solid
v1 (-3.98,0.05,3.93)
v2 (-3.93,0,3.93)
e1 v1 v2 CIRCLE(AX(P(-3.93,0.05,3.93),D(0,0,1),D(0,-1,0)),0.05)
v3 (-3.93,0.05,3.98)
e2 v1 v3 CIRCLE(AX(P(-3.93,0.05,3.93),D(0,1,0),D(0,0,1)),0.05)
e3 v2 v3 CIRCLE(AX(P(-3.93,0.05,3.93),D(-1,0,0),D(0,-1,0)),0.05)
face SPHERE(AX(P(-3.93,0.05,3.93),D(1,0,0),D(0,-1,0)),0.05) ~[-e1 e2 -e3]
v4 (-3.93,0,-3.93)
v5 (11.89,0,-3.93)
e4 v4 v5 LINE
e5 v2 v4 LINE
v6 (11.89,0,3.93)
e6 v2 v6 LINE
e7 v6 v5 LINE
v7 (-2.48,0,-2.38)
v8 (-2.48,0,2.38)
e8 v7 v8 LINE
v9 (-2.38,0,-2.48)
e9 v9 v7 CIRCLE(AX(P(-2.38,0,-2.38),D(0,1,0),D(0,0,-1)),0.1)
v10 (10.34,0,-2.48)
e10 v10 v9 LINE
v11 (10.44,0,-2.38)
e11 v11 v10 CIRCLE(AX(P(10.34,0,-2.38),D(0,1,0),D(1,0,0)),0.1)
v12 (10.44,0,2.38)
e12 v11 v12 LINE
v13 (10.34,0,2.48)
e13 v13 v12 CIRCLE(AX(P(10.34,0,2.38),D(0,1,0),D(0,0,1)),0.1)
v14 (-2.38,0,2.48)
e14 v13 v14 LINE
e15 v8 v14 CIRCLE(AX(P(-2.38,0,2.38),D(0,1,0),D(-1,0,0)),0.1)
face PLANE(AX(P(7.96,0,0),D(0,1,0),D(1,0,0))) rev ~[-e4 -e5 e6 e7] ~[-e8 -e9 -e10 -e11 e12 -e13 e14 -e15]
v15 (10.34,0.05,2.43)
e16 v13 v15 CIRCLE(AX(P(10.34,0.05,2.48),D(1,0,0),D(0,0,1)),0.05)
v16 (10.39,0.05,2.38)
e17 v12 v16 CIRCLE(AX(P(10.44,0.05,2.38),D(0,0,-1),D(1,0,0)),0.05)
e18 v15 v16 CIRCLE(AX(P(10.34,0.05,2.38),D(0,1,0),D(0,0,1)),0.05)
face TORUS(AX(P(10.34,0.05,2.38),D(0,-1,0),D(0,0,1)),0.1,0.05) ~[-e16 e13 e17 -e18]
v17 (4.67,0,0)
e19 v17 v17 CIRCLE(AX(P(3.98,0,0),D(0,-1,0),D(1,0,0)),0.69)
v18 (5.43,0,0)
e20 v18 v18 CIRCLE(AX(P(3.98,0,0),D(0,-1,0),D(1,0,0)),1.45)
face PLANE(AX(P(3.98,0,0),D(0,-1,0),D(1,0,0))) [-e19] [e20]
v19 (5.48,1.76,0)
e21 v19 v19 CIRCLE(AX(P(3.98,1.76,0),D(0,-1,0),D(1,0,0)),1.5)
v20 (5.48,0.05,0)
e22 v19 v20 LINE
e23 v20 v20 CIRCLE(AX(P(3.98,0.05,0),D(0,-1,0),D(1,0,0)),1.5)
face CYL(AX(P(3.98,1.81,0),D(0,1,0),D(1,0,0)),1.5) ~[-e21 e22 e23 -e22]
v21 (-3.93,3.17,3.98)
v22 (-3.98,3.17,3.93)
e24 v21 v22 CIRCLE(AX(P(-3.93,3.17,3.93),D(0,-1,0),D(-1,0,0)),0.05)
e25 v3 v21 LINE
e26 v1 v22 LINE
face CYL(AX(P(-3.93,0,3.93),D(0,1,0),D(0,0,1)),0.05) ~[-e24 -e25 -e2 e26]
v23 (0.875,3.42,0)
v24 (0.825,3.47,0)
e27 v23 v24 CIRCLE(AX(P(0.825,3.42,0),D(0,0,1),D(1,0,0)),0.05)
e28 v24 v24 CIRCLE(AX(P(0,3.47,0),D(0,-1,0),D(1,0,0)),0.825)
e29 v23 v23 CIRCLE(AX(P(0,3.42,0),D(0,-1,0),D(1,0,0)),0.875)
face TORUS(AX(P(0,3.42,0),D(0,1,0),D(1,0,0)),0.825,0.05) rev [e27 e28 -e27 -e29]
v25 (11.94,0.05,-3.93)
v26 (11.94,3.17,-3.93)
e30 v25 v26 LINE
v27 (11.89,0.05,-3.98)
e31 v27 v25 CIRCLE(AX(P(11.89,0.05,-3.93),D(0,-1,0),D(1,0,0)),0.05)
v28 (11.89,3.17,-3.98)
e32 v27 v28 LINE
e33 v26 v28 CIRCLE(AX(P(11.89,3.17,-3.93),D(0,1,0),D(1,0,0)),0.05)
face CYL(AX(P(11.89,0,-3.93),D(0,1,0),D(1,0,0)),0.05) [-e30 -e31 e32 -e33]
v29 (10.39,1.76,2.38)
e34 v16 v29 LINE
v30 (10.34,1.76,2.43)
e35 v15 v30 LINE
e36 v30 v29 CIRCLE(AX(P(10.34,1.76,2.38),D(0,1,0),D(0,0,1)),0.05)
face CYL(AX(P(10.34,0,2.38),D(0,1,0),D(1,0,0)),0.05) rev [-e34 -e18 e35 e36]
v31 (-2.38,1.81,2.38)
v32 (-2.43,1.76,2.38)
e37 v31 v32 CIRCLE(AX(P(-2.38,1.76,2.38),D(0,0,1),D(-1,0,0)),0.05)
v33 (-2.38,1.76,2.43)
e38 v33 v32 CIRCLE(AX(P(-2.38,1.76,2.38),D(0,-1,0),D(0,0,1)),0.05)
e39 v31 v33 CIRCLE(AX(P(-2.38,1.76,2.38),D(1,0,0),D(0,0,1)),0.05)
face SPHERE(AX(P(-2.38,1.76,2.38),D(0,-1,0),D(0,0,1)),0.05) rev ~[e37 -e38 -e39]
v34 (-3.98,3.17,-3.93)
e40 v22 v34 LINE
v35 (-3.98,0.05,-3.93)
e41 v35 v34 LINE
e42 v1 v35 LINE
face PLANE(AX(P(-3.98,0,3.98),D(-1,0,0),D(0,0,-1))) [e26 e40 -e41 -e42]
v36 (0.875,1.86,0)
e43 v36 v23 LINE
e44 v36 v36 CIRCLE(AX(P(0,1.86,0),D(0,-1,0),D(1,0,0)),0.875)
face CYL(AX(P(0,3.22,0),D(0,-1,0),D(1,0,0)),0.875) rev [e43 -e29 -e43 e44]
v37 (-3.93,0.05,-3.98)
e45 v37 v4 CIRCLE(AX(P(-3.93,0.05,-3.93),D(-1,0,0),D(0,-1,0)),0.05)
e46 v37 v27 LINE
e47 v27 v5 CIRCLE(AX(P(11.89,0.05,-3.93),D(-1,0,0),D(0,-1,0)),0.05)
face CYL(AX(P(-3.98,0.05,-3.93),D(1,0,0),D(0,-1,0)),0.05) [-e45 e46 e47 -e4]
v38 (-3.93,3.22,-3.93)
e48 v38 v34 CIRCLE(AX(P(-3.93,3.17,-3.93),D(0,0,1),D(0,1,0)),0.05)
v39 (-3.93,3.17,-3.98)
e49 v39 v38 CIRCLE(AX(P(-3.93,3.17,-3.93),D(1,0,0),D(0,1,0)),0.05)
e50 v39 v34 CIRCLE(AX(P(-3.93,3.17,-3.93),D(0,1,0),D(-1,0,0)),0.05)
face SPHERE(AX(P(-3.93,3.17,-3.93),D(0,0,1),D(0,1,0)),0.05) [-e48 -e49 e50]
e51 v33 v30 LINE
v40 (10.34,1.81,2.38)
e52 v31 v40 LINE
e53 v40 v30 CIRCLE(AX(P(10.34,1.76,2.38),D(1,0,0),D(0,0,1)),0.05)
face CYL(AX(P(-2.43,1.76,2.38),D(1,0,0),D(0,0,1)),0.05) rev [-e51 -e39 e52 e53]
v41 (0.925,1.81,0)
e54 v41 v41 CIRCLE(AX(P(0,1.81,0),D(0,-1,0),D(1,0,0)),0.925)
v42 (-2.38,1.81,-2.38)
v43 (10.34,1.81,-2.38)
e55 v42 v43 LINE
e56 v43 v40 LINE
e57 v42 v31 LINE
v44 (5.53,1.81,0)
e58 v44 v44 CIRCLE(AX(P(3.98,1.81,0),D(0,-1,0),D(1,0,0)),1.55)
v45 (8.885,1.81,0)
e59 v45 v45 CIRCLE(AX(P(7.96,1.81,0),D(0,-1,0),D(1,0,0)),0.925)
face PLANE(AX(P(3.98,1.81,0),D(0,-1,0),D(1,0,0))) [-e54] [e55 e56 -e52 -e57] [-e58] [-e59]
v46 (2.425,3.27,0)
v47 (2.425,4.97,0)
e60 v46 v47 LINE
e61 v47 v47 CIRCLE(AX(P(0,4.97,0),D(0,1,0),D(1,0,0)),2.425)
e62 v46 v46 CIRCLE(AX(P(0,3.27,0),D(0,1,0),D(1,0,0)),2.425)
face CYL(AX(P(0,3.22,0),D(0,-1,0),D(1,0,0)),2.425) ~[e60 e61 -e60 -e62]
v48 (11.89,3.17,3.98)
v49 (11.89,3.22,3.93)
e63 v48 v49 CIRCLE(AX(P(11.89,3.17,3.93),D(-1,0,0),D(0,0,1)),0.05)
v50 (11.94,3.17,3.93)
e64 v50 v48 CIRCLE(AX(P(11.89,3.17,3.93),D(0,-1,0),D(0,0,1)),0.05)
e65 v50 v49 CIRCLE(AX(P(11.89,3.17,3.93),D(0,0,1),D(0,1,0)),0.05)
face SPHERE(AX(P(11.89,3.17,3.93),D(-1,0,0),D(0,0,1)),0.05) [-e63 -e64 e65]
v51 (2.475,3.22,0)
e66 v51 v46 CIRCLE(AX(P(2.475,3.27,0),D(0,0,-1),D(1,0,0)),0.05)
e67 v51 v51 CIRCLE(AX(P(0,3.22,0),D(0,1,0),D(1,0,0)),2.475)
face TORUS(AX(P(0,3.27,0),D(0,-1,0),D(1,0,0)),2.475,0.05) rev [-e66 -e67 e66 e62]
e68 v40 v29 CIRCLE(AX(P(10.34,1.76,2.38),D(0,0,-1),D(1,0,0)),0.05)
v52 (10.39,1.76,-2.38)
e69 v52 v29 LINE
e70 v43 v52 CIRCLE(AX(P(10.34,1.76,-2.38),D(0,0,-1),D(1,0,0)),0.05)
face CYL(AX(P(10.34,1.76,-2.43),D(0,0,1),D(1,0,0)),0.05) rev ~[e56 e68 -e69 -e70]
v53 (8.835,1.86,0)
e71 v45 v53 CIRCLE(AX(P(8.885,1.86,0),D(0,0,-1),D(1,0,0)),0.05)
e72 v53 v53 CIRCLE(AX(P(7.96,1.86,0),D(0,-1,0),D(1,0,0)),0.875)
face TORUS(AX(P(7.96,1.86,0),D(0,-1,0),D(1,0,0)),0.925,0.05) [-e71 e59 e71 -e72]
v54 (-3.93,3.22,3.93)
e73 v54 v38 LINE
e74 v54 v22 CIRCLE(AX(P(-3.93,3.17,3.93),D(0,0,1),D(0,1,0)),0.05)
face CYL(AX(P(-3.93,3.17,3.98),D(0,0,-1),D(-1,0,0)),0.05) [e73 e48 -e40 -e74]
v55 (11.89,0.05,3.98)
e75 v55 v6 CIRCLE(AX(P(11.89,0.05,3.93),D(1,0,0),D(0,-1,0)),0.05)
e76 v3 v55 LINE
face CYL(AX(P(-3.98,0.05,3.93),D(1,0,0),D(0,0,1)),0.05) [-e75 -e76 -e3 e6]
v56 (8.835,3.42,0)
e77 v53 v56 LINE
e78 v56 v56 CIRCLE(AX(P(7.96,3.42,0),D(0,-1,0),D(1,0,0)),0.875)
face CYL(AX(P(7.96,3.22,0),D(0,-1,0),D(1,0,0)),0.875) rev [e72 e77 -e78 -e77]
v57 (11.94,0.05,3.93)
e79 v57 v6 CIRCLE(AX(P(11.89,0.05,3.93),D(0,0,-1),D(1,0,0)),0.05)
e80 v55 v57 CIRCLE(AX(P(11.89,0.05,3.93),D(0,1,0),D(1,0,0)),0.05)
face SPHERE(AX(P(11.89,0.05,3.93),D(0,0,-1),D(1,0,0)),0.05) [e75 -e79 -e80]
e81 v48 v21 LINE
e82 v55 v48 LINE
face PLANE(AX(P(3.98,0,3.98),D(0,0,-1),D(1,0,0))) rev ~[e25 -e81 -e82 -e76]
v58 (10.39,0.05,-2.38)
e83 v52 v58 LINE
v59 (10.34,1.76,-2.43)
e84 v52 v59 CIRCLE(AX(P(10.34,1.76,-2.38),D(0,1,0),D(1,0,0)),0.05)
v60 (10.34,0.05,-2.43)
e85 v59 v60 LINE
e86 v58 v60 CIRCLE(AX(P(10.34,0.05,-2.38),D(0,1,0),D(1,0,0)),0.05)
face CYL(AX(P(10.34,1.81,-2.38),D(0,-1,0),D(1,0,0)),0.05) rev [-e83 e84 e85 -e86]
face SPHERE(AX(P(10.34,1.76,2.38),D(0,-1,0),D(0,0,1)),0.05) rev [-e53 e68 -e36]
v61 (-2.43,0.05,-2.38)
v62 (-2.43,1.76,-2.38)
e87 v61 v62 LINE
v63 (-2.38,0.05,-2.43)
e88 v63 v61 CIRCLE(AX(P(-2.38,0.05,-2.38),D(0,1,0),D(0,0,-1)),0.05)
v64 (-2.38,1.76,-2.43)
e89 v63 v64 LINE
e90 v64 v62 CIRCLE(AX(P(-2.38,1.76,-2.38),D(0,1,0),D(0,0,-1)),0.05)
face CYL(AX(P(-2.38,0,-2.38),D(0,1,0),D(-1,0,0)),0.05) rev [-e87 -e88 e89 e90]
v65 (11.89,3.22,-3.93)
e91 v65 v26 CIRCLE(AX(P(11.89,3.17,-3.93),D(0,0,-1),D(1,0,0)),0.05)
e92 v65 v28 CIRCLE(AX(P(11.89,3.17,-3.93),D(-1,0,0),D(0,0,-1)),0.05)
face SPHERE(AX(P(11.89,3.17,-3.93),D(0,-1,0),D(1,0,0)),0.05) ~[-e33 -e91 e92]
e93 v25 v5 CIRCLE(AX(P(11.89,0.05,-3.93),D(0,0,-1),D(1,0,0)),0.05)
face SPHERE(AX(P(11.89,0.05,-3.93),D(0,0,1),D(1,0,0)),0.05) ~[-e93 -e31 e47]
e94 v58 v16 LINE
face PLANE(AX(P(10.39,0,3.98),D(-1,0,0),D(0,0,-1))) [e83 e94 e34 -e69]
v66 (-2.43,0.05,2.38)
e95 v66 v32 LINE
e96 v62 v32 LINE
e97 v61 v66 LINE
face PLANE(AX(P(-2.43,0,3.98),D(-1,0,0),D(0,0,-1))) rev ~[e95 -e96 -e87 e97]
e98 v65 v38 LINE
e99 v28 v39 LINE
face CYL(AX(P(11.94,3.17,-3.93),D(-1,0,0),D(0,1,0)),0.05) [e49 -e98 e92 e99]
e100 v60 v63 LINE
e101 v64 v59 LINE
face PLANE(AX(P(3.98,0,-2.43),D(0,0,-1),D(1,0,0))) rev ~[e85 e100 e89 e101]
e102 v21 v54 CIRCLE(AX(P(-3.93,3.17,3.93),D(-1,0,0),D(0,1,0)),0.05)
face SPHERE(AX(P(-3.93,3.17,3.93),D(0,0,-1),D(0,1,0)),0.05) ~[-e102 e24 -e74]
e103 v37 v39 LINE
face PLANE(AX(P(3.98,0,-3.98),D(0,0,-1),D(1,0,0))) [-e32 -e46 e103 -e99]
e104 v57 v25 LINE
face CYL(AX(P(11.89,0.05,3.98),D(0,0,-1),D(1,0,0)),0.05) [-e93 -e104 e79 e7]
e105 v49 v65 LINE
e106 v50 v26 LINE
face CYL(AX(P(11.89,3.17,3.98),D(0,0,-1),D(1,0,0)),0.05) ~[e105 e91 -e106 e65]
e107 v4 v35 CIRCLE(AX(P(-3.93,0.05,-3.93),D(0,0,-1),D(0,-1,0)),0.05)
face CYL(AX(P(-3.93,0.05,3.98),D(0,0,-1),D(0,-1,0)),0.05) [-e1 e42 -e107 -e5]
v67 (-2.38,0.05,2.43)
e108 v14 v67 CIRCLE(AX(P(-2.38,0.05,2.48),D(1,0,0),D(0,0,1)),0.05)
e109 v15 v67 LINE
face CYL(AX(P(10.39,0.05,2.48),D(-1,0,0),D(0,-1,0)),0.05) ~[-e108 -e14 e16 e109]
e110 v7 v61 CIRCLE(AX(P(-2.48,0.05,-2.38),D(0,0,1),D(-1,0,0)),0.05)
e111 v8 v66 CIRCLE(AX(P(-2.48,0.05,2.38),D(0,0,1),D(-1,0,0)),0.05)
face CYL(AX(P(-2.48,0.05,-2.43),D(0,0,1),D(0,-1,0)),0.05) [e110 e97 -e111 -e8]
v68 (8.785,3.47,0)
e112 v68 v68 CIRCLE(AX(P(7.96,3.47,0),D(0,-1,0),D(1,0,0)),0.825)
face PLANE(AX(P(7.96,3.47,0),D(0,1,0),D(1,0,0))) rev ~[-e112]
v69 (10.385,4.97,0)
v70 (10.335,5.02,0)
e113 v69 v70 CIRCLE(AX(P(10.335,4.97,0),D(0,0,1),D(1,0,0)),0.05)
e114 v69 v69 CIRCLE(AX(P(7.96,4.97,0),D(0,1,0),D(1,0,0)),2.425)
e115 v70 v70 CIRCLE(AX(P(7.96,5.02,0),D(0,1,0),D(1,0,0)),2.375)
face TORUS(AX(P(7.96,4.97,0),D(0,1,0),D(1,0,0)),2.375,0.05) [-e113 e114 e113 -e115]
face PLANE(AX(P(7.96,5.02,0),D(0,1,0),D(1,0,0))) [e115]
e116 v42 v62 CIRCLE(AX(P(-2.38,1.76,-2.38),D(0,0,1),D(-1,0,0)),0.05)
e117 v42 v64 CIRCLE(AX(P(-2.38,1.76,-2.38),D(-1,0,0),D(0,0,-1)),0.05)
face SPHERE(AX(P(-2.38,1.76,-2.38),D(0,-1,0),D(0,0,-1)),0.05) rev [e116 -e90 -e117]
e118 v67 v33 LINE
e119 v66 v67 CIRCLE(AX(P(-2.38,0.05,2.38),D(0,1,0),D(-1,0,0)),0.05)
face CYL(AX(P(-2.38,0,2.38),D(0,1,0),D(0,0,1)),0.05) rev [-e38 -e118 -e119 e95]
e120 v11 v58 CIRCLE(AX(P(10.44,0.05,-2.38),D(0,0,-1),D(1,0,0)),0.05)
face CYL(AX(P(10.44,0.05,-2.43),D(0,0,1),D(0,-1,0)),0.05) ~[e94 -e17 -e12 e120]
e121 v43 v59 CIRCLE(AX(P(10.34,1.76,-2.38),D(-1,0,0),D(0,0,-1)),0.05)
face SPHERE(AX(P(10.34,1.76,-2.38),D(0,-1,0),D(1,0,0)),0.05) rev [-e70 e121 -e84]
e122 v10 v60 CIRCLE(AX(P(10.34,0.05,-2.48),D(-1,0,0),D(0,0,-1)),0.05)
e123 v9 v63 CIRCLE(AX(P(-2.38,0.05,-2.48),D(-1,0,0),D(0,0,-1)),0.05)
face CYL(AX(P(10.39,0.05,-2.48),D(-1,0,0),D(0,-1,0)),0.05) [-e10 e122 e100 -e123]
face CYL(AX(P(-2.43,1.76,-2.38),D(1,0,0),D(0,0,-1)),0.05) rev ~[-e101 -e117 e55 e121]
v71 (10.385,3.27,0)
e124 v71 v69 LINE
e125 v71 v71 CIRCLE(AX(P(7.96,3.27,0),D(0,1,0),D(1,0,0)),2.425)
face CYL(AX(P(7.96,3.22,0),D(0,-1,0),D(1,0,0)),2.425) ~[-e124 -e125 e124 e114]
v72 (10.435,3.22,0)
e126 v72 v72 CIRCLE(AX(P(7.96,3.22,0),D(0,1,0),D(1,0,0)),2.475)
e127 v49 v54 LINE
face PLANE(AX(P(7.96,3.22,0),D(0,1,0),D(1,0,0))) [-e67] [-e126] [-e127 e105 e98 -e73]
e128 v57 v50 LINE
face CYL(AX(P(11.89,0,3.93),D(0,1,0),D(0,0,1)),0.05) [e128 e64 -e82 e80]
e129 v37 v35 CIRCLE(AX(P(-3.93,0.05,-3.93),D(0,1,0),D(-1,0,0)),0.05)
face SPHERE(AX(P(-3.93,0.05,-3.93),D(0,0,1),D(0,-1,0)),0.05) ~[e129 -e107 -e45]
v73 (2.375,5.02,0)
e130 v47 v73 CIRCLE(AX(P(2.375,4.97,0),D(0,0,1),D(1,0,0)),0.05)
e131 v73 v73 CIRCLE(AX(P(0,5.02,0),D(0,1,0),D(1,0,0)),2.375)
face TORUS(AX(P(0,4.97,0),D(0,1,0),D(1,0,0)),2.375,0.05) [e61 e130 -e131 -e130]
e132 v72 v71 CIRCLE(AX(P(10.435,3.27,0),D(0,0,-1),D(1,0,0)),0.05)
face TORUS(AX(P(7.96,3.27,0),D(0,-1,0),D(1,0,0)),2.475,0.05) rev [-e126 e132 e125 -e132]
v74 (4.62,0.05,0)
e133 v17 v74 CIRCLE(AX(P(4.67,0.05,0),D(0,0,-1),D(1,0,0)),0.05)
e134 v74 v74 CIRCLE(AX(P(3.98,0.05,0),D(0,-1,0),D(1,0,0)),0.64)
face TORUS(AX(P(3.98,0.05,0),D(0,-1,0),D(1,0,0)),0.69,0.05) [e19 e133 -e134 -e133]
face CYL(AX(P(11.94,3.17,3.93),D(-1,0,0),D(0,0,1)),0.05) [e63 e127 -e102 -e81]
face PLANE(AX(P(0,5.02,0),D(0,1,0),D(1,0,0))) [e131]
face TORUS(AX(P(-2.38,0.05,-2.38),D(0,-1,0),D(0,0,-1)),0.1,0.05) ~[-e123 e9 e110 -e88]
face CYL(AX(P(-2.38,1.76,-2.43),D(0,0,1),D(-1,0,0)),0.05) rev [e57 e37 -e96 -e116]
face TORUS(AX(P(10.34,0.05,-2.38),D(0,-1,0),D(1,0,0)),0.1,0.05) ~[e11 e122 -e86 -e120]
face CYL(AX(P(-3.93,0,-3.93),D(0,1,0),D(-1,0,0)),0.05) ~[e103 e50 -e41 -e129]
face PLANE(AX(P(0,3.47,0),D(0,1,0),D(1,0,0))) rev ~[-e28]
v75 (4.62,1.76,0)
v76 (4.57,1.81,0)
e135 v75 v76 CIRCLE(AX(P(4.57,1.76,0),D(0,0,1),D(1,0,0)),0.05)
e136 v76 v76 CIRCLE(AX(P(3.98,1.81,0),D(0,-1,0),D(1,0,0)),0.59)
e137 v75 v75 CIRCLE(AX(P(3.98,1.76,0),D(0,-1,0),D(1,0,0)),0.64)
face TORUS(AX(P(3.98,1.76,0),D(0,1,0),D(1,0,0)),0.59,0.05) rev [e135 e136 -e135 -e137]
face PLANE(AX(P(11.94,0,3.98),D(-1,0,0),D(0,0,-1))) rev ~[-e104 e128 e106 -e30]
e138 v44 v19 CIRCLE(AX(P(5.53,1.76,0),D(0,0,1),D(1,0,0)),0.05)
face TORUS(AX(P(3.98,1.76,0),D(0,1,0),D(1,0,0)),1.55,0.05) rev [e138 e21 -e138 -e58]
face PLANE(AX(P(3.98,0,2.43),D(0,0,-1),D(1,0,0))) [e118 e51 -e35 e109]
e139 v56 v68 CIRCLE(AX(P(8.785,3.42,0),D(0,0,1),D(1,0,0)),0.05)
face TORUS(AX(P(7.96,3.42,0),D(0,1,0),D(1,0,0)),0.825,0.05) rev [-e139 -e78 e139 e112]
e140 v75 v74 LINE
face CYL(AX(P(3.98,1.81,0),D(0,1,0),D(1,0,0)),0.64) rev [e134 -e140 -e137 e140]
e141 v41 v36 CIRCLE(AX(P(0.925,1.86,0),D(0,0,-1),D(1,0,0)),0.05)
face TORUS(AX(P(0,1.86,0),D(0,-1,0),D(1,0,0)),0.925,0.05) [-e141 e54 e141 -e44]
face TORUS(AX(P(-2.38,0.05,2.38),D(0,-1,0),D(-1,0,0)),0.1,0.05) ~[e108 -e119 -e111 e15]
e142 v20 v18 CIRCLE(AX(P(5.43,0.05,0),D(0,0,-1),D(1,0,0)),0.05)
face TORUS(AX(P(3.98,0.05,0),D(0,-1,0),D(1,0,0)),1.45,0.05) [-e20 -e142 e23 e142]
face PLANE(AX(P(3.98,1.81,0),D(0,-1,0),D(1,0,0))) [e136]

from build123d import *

# Parameters (mm, degrees)
SKETCH1_W       = 7.96
SKETCH1_H       = 7.96
EXTRUDE1_DEPTH  = 3.22
SKETCH2_R       = 2.425
EXTRUDE2_DEPTH  = 1.8
LPATTERN1_COUNT = 2
LPATTERN1_PITCH = 7.96
SHELL1_T        = -1.55
SKETCH4_W       = 12.82
SKETCH4_H       = 4.86
EXTRUDE3_DEPTH  = 0.14
SKETCH5_R       = 1.5
SKETCH5_R_2     = 0.64
EXTRUDE4_DEPTH  = 1.81
FILLET1_R       = 0.05


with BuildPart() as part:
    # Sketch1 → Extrude1 (new body)
    with BuildSketch(Plane(origin=(0, 0, 0), x_dir=(1, 0, 0), z_dir=(0, 1, 0))):
        Rectangle(SKETCH1_W, SKETCH1_H)
    extrude1 = extrude(amount=EXTRUDE1_DEPTH)

    # Sketch2 → Extrude2 (add)
    with BuildSketch(Plane(origin=(0, 3.22, 0), x_dir=(1, 0, 0), z_dir=(0, 1, 0))):
        Circle(SKETCH2_R)
    extrude2 = extrude(amount=EXTRUDE2_DEPTH)

    # LPattern1: Extrude1, Extrude2 ×2
    with Locations(*[(i * LPATTERN1_PITCH, 0, 0) for i in range(1, LPATTERN1_COUNT)]):
        add(extrude1)
        add(extrude2)

    # Shell1
    shell1_openings = [part.faces().sort_by_distance(p)[0] for p in [
        (3.98, 0, 0),
    ]]
    offset(amount=SHELL1_T, openings=shell1_openings, kind=Kind.INTERSECTION)

    # Sketch4 → Extrude3 (cut)
    with BuildSketch(Plane.XZ.offset(-1.67)):
        with Locations((3.98, 0)):
            Rectangle(SKETCH4_W, SKETCH4_H)
    extrude(amount=-EXTRUDE3_DEPTH, mode=Mode.SUBTRACT)

    # Sketch5 → Extrude4 (add)
    with BuildSketch(Plane.XZ.offset(-1.81)):
        with Locations((3.98, 0)):
            Circle(SKETCH5_R)
        with Locations((3.98, 0)):
            Circle(SKETCH5_R_2, mode=Mode.SUBTRACT)
    extrude(amount=EXTRUDE4_DEPTH)

    # Fillet1
    fillet1_edges = [part.edges().sort_by_distance(p)[0] for p in [
        (-3.98, 3.22, 0),
        (3.98, 3.22, 3.98),
        (-2.425, 3.22, 0),
        (-2.425, 5.02, 0),
        (11.94, 0, 0),
        (11.94, 1.61, 3.98),
        (11.94, 1.61, -3.98),
        (11.94, 3.22, 0),
        (5.535, 3.22, 0),
        (5.535, 5.02, 0),
        (3.98, 0, -2.43),
        (10.39, 0.905, -2.43),
        (-2.43, 0, 0),
        (-2.43, 0.905, -2.43),
        (3.98, 0, 2.43),
        (-2.43, 0.905, 2.43),
        (-0.875, 3.47, 0),
        (10.39, 0, 0),
        (10.39, 0.905, 2.43),
        (7.085, 3.47, 0),
        (3.98, 0, 3.98),
        (-0.875, 1.81, 0),
        (7.085, 1.81, 0),
        (3.98, 1.81, 2.43),
        (10.39, 1.81, 0),
        (-3.98, 0, 0),
        (3.98, 1.81, -2.43),
        (-2.43, 1.81, 0),
        (3.98, 0, -3.98),
        (2.48, 1.81, 0),
        (3.34, 1.81, 0),
        (2.48, 0, 0),
        (3.34, 0, 0),
        (3.98, 3.22, -3.98),
        (-3.98, 1.61, 3.98),
        (-3.98, 1.61, -3.98),
    ]]
    fillet(fillet1_edges, radius=FILLET1_R)


solid = part.part
